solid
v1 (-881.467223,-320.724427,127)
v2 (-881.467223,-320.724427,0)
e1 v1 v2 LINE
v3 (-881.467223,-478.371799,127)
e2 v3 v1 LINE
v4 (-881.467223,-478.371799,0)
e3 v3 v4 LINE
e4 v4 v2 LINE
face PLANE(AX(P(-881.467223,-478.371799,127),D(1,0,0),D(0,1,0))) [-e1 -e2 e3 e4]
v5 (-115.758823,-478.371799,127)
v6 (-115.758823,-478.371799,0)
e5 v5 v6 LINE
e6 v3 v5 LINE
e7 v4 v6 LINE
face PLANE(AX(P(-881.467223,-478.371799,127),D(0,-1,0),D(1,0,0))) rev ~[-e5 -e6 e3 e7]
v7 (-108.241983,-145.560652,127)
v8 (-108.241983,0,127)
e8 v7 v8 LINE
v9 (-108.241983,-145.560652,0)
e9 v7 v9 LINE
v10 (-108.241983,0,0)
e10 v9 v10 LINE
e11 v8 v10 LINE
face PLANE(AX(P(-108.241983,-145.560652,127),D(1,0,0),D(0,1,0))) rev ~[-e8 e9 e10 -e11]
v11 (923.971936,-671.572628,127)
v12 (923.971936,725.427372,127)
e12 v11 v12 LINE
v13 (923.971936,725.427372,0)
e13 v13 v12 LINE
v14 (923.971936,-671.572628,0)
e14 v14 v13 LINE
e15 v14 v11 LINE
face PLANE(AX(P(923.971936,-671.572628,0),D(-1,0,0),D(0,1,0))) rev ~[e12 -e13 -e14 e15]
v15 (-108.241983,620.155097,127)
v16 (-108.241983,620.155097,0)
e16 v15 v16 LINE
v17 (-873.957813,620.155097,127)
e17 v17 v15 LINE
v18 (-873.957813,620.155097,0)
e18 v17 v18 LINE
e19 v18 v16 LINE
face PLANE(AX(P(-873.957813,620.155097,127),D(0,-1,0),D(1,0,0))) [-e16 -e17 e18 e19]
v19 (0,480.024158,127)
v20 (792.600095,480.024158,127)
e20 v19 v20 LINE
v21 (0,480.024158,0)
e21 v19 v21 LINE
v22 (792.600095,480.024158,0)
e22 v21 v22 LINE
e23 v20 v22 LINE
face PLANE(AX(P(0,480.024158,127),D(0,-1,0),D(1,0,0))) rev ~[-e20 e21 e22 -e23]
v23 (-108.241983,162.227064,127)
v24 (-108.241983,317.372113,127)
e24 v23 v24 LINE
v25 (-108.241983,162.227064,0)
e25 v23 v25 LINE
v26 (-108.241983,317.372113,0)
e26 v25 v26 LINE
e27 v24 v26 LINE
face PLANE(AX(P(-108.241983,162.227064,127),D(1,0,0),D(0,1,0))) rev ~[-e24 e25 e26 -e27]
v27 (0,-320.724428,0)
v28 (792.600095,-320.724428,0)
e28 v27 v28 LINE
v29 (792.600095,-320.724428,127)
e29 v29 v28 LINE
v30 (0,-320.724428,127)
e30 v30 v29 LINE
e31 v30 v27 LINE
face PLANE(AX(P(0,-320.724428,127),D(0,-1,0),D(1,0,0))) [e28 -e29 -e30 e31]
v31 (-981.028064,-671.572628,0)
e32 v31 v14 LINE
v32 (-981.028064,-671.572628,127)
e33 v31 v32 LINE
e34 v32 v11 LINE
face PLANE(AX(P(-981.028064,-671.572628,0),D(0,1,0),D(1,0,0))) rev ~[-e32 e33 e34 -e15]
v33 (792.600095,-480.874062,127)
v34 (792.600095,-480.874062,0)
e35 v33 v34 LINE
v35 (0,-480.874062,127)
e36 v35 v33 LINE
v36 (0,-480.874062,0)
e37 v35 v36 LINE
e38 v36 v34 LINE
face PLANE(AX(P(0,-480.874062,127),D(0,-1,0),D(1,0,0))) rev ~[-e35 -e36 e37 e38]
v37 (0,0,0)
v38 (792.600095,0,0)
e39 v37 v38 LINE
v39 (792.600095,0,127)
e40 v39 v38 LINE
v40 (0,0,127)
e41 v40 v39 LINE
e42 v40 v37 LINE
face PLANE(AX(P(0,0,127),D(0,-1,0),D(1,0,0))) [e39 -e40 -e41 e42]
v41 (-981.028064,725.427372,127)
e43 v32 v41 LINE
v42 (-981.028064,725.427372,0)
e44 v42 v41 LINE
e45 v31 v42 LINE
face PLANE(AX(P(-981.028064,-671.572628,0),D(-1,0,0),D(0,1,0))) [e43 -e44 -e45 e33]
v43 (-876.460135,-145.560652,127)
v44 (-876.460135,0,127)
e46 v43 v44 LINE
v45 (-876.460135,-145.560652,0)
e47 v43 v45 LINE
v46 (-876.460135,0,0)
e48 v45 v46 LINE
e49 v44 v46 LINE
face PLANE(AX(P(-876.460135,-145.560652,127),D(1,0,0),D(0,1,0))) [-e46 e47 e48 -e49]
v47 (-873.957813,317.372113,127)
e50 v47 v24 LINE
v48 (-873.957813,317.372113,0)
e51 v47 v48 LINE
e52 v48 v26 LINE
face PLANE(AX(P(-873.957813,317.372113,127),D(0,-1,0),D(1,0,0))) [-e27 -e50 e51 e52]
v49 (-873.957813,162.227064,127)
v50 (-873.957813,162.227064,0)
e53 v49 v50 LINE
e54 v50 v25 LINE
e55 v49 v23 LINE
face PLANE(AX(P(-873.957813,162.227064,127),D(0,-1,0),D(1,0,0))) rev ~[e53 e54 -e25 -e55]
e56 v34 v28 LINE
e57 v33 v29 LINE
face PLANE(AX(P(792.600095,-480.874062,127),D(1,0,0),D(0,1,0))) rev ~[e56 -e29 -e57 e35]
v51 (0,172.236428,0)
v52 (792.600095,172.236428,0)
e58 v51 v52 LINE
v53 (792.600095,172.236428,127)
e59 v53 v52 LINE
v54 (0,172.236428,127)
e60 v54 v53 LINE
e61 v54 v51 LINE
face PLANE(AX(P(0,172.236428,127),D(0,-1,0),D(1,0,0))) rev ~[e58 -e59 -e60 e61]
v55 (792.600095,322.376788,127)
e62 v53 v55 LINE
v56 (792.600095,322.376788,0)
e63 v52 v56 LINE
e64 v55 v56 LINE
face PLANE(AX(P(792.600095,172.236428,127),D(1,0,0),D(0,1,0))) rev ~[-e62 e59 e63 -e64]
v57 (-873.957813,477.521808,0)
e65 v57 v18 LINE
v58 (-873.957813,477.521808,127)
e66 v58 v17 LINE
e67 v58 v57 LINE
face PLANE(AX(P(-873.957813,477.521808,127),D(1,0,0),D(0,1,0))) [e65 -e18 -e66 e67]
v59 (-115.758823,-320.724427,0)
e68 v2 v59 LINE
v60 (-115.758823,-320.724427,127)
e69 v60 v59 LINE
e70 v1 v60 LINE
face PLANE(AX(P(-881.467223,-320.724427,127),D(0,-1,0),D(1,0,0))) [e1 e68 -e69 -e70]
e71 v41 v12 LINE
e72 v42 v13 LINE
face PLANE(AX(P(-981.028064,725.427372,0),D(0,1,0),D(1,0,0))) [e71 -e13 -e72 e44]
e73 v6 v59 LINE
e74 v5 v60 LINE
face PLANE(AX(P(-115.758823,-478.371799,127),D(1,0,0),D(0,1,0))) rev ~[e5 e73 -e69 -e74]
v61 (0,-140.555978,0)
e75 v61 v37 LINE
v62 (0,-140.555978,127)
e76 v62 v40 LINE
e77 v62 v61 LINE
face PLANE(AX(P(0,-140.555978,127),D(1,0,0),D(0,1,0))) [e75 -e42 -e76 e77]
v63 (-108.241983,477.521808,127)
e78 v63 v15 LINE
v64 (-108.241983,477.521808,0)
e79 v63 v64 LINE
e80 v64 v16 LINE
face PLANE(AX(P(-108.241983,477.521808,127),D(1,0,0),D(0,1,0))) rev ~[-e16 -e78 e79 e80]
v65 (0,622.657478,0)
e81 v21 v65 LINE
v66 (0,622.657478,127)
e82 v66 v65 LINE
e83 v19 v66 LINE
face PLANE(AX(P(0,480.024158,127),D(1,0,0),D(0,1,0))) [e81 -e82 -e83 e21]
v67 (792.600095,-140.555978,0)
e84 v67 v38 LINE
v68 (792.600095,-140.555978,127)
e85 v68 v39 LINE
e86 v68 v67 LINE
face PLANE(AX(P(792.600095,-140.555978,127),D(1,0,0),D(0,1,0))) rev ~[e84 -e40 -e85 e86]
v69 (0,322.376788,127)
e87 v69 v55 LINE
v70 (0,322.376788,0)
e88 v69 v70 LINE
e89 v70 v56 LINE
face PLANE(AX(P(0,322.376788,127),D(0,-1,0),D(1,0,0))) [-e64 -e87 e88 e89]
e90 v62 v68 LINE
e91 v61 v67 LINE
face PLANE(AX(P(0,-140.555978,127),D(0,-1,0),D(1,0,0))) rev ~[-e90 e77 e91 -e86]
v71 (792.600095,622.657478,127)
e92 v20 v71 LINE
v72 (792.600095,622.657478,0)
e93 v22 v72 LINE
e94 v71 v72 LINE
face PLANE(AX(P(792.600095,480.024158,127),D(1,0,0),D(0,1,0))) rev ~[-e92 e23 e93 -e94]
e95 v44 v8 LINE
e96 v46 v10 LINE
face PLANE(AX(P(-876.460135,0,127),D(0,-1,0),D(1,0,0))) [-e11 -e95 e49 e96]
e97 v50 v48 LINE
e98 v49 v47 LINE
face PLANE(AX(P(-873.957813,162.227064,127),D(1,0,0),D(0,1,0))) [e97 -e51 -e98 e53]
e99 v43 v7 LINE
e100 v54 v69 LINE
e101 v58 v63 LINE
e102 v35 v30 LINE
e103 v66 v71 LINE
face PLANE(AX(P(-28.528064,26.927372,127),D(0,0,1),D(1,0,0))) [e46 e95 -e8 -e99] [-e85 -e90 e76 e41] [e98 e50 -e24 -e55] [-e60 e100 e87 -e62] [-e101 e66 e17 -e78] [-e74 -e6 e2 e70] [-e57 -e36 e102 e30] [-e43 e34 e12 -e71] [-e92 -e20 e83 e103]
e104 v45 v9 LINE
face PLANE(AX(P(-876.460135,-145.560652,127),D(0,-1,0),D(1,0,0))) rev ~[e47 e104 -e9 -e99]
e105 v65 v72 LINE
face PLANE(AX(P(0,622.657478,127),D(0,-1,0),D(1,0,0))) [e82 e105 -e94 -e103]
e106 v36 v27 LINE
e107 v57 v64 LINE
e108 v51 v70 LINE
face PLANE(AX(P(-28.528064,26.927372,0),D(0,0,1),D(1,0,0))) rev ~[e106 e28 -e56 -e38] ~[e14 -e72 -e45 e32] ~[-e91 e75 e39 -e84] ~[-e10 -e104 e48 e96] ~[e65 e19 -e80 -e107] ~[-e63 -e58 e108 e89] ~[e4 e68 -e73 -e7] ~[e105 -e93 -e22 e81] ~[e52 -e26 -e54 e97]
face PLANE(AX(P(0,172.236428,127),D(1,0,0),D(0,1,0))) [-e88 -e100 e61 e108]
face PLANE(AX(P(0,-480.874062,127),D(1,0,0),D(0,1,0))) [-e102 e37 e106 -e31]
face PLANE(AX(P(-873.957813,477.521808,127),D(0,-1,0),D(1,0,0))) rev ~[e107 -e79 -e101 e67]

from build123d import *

# Parameters (mm, degrees)
F0_W     = 1905
F0_H     = 1397
F1_DEPTH = 127
F2_W     = 765.71583
F2_H     = 142.633289
F2_W_2   = 792.600095
F2_H_2   = 142.633319
F2_H_3   = 155.145049
F2_H_4   = 150.14036
F2_H_5   = 140.555978
F2_W_3   = 768.218152
F2_H_6   = 145.560652
F2_W_4   = 765.7084
F2_H_7   = 157.647371
F2_H_8   = 160.149634
F3_DEPTH = 127.001


with BuildPart() as f1:
    # F0 (on Top) → F1 (new body)
    with BuildSketch(Plane.XY):
        with Locations((-28.528064, 26.927372)):
            Rectangle(F0_W, F0_H)
    extrude(amount=F1_DEPTH)

    # F2 (on face) → F3 (cut, through all)
    with BuildSketch(Plane.XY.offset(127)):
        with Locations((-491.099898, 548.838452)):
            Rectangle(F2_W, F2_H)
        with Locations((396.300048, 551.340818)):
            Rectangle(F2_W_2, F2_H_2)
        with Locations((-491.099898, 239.799588)):
            Rectangle(F2_W, F2_H_3)
        with Locations((396.300048, 247.306608)):
            Rectangle(F2_W_2, F2_H_4)
        with Locations((396.300048, -70.277989)):
            Rectangle(F2_W_2, F2_H_5)
        with Locations((-492.351059, -72.780326)):
            Rectangle(F2_W_3, F2_H_6)
        with Locations((-498.613023, -399.548113)):
            Rectangle(F2_W_4, F2_H_7)
        with Locations((396.300048, -400.799245)):
            Rectangle(F2_W_2, F2_H_8)
    extrude(amount=-F3_DEPTH, mode=Mode.SUBTRACT)


solid = f1.part
